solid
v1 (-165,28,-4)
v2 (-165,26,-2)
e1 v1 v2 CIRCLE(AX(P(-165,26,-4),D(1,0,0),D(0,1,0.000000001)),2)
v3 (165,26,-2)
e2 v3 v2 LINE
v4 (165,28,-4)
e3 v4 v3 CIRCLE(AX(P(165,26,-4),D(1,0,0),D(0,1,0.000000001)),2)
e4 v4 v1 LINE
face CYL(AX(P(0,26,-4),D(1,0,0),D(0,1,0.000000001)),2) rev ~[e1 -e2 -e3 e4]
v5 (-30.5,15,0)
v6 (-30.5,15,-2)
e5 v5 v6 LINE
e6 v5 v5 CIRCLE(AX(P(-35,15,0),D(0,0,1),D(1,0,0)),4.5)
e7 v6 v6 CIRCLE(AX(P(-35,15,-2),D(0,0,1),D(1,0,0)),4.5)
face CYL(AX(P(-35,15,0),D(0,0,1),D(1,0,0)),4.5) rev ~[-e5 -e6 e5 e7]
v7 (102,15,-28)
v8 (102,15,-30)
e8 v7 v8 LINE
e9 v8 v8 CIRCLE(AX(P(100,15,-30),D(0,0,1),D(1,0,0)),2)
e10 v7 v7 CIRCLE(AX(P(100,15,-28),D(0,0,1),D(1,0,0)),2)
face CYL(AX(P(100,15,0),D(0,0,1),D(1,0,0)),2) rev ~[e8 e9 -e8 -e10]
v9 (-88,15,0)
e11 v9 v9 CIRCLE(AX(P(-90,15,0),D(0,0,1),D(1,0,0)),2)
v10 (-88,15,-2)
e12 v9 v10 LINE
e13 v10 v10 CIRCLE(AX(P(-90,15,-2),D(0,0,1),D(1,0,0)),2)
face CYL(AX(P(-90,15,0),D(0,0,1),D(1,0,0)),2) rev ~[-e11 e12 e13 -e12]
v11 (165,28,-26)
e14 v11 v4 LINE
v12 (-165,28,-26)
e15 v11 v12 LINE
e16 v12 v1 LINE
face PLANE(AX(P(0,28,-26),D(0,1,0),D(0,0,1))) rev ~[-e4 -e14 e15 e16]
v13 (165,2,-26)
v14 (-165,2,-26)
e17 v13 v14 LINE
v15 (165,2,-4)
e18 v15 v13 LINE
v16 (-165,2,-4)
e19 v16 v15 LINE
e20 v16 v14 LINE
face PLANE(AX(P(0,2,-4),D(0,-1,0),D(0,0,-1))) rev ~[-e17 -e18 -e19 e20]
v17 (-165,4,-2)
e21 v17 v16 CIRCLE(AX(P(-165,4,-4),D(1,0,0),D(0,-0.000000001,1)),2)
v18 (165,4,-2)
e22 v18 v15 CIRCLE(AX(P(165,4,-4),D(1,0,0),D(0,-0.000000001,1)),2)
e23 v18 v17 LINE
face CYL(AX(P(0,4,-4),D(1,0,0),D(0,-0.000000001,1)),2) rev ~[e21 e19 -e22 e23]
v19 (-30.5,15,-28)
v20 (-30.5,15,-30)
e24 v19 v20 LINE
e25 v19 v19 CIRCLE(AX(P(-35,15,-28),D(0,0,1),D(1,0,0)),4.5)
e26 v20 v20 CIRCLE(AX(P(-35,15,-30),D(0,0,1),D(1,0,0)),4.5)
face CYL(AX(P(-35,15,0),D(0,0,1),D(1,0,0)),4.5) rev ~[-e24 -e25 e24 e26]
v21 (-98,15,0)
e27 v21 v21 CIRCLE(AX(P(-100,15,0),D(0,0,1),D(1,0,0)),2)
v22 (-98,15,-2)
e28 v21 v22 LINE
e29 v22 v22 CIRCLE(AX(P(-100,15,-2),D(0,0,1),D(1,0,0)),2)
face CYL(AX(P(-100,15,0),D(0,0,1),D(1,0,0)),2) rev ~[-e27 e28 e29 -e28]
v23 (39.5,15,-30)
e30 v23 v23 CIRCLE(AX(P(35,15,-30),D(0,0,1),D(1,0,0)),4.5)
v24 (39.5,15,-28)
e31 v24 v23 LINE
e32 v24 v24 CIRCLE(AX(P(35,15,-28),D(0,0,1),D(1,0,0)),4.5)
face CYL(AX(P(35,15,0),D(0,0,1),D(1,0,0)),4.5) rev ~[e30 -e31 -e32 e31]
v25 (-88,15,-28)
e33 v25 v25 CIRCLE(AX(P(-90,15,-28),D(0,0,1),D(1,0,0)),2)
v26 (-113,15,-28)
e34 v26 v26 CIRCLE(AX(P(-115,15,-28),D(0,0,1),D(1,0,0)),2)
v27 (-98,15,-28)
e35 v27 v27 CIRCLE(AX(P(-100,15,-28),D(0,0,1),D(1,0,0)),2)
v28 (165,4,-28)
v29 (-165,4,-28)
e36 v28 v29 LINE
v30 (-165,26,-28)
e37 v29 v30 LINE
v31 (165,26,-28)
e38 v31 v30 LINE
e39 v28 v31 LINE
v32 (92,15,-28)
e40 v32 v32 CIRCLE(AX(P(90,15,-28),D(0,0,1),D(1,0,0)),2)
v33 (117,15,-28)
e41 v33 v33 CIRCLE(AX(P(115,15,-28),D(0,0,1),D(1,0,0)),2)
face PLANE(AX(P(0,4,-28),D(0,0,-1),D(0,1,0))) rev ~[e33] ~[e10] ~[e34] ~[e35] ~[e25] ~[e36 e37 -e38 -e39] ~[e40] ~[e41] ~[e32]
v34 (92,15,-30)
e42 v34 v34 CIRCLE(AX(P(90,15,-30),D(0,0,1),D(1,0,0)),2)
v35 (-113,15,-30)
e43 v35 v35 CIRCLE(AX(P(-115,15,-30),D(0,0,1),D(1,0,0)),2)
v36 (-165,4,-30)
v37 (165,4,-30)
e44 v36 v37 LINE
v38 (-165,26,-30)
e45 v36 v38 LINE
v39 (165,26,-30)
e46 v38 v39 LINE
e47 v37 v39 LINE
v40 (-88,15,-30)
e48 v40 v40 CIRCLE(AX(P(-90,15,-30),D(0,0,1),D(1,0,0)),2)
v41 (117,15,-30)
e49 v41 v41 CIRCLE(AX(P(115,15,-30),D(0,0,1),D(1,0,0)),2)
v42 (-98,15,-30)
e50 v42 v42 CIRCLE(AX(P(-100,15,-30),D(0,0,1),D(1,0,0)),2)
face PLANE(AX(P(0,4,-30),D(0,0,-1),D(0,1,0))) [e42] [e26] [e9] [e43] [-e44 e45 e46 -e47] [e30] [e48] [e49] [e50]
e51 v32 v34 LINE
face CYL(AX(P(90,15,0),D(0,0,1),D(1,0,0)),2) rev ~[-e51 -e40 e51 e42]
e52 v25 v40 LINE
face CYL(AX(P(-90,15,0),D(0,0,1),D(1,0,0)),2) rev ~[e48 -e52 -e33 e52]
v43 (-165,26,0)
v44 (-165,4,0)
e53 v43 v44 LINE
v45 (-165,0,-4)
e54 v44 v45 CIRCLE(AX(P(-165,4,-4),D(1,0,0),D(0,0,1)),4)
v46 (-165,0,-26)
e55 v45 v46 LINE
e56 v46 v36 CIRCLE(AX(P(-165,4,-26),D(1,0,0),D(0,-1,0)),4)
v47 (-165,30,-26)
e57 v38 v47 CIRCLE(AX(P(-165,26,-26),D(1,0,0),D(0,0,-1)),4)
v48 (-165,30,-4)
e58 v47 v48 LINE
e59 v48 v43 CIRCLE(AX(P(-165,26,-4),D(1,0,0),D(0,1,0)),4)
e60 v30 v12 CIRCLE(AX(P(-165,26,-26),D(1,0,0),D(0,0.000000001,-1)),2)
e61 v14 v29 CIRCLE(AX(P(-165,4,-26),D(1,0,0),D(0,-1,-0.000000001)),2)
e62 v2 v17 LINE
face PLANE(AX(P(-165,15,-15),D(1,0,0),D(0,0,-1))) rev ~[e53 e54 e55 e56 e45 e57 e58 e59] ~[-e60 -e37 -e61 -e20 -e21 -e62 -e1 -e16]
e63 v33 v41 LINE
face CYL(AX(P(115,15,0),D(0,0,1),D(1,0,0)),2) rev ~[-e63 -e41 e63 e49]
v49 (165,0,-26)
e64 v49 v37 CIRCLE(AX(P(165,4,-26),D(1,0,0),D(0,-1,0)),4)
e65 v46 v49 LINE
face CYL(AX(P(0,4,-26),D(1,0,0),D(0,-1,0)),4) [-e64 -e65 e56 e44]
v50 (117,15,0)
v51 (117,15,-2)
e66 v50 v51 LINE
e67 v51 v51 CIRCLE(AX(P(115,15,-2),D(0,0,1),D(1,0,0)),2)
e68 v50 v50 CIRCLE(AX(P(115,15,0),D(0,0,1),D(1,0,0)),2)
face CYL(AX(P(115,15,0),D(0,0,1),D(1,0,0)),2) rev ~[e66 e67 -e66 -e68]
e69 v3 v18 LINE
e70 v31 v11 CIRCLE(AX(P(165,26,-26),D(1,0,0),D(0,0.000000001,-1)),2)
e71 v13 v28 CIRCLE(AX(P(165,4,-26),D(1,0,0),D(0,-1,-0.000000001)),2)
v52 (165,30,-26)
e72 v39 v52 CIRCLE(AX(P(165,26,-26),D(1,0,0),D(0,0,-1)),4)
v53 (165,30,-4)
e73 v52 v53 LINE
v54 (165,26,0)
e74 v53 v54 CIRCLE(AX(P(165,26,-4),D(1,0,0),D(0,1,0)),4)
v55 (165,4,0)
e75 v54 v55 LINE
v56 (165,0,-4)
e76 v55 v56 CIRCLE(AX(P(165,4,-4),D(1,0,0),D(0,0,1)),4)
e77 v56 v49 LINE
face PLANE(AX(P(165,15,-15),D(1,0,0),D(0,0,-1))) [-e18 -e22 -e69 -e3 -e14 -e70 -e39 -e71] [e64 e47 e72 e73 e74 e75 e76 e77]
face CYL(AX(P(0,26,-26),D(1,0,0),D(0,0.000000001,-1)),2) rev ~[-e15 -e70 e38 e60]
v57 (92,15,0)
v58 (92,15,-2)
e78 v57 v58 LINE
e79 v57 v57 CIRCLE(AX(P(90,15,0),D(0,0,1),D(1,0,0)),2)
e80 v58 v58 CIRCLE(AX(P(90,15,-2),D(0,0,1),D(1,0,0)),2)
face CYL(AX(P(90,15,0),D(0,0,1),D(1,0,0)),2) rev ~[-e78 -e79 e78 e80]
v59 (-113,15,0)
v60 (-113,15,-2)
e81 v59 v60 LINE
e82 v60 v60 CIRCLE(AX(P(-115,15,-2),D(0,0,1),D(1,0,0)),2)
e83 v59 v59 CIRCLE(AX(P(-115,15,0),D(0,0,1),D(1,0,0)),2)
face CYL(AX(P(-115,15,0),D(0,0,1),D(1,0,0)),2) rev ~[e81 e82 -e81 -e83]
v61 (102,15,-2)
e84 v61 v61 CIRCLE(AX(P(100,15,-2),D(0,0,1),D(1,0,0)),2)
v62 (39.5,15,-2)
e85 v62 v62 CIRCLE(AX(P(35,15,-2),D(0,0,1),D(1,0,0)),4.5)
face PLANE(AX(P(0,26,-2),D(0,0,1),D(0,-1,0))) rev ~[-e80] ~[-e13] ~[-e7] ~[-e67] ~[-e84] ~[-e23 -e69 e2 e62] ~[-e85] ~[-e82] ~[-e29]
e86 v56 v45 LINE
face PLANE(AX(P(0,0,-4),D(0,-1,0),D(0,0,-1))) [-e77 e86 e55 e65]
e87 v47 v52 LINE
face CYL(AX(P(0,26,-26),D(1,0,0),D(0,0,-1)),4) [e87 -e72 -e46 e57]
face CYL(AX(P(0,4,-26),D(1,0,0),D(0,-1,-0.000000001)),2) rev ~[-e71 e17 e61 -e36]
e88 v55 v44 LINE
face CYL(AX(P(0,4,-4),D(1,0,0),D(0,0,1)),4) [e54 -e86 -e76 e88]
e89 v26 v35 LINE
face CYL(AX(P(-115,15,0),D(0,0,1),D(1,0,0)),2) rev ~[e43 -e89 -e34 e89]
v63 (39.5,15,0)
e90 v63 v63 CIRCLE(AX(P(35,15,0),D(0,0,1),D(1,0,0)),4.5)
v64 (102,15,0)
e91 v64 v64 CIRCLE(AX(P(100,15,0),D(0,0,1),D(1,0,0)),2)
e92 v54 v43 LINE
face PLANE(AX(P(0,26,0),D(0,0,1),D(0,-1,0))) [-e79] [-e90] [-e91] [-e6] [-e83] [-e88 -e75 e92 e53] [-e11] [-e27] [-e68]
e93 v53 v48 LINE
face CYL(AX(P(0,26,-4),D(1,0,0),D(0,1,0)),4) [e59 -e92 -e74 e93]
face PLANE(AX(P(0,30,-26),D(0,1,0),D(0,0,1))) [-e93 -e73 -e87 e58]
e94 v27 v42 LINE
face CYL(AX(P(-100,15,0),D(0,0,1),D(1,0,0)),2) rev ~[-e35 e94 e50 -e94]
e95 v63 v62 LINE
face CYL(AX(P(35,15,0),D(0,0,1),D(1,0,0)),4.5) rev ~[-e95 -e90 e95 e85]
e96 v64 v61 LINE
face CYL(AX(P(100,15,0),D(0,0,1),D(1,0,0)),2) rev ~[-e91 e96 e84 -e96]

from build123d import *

# Parameters (mm, degrees)
EXTRUDE_1_DEPTH     = 165
SKETCH_2_R          = 4.5
SKETCH_2_R_2        = 2
CUT_EXTRUDE_1_DEPTH = 171.367250374


with BuildPart() as part:
    # 草图1 → 凸台-拉伸1 (new, symmetric)
    with BuildSketch(Plane(origin=(0, 0, 0), x_dir=(0, 0, -1), z_dir=(1, 0, 0))):
        with BuildLine():
            Line((4, 0), (26, 0))
            ThreePointArc((26, 0), (28.828427125, 1.171572875), (30, 4))
            Line((30, 4), (30, 26))
            ThreePointArc((30, 26), (28.828427125, 28.828427125), (26, 30))
            Line((26, 30), (4, 30))
            ThreePointArc((4, 30), (1.171572875, 28.828427125), (0, 26))
            Line((0, 26), (0, 4))
            ThreePointArc((0, 4), (1.171572875, 1.171572875), (4, 0))
        make_face()
        with BuildLine():
            Line((4, 2), (26, 2))
            ThreePointArc((26, 2), (27.414213562, 2.585786438), (28, 4))
            Line((28, 4), (28, 26))
            ThreePointArc((28, 26), (27.414213562, 27.414213562), (26, 28))
            Line((26, 28), (4, 28))
            ThreePointArc((4, 28), (2.585786438, 27.414213562), (2, 26))
            Line((2, 26), (2, 4))
            ThreePointArc((2, 4), (2.585786438, 2.585786438), (4, 2))
        make_face(mode=Mode.SUBTRACT)
    extrude(amount=EXTRUDE_1_DEPTH, both=True)

    # 草图2 → 切除-拉伸1 (cut, through all)
    with BuildSketch(Plane.XY):
        with Locations((-35, 15)):
            Circle(SKETCH_2_R)
        with Locations((35, 15)):
            Circle(SKETCH_2_R)
        with Locations((-115, 15)):
            Circle(SKETCH_2_R_2)
        with Locations((115, 15)):
            Circle(SKETCH_2_R_2)
        with Locations((-100, 15)):
            Circle(SKETCH_2_R_2)
        with Locations((-90, 15)):
            Circle(SKETCH_2_R_2)
        with Locations((90, 15)):
            Circle(SKETCH_2_R_2)
        with Locations((100, 15)):
            Circle(SKETCH_2_R_2)
    extrude(amount=-CUT_EXTRUDE_1_DEPTH, mode=Mode.SUBTRACT)


solid = part.part
